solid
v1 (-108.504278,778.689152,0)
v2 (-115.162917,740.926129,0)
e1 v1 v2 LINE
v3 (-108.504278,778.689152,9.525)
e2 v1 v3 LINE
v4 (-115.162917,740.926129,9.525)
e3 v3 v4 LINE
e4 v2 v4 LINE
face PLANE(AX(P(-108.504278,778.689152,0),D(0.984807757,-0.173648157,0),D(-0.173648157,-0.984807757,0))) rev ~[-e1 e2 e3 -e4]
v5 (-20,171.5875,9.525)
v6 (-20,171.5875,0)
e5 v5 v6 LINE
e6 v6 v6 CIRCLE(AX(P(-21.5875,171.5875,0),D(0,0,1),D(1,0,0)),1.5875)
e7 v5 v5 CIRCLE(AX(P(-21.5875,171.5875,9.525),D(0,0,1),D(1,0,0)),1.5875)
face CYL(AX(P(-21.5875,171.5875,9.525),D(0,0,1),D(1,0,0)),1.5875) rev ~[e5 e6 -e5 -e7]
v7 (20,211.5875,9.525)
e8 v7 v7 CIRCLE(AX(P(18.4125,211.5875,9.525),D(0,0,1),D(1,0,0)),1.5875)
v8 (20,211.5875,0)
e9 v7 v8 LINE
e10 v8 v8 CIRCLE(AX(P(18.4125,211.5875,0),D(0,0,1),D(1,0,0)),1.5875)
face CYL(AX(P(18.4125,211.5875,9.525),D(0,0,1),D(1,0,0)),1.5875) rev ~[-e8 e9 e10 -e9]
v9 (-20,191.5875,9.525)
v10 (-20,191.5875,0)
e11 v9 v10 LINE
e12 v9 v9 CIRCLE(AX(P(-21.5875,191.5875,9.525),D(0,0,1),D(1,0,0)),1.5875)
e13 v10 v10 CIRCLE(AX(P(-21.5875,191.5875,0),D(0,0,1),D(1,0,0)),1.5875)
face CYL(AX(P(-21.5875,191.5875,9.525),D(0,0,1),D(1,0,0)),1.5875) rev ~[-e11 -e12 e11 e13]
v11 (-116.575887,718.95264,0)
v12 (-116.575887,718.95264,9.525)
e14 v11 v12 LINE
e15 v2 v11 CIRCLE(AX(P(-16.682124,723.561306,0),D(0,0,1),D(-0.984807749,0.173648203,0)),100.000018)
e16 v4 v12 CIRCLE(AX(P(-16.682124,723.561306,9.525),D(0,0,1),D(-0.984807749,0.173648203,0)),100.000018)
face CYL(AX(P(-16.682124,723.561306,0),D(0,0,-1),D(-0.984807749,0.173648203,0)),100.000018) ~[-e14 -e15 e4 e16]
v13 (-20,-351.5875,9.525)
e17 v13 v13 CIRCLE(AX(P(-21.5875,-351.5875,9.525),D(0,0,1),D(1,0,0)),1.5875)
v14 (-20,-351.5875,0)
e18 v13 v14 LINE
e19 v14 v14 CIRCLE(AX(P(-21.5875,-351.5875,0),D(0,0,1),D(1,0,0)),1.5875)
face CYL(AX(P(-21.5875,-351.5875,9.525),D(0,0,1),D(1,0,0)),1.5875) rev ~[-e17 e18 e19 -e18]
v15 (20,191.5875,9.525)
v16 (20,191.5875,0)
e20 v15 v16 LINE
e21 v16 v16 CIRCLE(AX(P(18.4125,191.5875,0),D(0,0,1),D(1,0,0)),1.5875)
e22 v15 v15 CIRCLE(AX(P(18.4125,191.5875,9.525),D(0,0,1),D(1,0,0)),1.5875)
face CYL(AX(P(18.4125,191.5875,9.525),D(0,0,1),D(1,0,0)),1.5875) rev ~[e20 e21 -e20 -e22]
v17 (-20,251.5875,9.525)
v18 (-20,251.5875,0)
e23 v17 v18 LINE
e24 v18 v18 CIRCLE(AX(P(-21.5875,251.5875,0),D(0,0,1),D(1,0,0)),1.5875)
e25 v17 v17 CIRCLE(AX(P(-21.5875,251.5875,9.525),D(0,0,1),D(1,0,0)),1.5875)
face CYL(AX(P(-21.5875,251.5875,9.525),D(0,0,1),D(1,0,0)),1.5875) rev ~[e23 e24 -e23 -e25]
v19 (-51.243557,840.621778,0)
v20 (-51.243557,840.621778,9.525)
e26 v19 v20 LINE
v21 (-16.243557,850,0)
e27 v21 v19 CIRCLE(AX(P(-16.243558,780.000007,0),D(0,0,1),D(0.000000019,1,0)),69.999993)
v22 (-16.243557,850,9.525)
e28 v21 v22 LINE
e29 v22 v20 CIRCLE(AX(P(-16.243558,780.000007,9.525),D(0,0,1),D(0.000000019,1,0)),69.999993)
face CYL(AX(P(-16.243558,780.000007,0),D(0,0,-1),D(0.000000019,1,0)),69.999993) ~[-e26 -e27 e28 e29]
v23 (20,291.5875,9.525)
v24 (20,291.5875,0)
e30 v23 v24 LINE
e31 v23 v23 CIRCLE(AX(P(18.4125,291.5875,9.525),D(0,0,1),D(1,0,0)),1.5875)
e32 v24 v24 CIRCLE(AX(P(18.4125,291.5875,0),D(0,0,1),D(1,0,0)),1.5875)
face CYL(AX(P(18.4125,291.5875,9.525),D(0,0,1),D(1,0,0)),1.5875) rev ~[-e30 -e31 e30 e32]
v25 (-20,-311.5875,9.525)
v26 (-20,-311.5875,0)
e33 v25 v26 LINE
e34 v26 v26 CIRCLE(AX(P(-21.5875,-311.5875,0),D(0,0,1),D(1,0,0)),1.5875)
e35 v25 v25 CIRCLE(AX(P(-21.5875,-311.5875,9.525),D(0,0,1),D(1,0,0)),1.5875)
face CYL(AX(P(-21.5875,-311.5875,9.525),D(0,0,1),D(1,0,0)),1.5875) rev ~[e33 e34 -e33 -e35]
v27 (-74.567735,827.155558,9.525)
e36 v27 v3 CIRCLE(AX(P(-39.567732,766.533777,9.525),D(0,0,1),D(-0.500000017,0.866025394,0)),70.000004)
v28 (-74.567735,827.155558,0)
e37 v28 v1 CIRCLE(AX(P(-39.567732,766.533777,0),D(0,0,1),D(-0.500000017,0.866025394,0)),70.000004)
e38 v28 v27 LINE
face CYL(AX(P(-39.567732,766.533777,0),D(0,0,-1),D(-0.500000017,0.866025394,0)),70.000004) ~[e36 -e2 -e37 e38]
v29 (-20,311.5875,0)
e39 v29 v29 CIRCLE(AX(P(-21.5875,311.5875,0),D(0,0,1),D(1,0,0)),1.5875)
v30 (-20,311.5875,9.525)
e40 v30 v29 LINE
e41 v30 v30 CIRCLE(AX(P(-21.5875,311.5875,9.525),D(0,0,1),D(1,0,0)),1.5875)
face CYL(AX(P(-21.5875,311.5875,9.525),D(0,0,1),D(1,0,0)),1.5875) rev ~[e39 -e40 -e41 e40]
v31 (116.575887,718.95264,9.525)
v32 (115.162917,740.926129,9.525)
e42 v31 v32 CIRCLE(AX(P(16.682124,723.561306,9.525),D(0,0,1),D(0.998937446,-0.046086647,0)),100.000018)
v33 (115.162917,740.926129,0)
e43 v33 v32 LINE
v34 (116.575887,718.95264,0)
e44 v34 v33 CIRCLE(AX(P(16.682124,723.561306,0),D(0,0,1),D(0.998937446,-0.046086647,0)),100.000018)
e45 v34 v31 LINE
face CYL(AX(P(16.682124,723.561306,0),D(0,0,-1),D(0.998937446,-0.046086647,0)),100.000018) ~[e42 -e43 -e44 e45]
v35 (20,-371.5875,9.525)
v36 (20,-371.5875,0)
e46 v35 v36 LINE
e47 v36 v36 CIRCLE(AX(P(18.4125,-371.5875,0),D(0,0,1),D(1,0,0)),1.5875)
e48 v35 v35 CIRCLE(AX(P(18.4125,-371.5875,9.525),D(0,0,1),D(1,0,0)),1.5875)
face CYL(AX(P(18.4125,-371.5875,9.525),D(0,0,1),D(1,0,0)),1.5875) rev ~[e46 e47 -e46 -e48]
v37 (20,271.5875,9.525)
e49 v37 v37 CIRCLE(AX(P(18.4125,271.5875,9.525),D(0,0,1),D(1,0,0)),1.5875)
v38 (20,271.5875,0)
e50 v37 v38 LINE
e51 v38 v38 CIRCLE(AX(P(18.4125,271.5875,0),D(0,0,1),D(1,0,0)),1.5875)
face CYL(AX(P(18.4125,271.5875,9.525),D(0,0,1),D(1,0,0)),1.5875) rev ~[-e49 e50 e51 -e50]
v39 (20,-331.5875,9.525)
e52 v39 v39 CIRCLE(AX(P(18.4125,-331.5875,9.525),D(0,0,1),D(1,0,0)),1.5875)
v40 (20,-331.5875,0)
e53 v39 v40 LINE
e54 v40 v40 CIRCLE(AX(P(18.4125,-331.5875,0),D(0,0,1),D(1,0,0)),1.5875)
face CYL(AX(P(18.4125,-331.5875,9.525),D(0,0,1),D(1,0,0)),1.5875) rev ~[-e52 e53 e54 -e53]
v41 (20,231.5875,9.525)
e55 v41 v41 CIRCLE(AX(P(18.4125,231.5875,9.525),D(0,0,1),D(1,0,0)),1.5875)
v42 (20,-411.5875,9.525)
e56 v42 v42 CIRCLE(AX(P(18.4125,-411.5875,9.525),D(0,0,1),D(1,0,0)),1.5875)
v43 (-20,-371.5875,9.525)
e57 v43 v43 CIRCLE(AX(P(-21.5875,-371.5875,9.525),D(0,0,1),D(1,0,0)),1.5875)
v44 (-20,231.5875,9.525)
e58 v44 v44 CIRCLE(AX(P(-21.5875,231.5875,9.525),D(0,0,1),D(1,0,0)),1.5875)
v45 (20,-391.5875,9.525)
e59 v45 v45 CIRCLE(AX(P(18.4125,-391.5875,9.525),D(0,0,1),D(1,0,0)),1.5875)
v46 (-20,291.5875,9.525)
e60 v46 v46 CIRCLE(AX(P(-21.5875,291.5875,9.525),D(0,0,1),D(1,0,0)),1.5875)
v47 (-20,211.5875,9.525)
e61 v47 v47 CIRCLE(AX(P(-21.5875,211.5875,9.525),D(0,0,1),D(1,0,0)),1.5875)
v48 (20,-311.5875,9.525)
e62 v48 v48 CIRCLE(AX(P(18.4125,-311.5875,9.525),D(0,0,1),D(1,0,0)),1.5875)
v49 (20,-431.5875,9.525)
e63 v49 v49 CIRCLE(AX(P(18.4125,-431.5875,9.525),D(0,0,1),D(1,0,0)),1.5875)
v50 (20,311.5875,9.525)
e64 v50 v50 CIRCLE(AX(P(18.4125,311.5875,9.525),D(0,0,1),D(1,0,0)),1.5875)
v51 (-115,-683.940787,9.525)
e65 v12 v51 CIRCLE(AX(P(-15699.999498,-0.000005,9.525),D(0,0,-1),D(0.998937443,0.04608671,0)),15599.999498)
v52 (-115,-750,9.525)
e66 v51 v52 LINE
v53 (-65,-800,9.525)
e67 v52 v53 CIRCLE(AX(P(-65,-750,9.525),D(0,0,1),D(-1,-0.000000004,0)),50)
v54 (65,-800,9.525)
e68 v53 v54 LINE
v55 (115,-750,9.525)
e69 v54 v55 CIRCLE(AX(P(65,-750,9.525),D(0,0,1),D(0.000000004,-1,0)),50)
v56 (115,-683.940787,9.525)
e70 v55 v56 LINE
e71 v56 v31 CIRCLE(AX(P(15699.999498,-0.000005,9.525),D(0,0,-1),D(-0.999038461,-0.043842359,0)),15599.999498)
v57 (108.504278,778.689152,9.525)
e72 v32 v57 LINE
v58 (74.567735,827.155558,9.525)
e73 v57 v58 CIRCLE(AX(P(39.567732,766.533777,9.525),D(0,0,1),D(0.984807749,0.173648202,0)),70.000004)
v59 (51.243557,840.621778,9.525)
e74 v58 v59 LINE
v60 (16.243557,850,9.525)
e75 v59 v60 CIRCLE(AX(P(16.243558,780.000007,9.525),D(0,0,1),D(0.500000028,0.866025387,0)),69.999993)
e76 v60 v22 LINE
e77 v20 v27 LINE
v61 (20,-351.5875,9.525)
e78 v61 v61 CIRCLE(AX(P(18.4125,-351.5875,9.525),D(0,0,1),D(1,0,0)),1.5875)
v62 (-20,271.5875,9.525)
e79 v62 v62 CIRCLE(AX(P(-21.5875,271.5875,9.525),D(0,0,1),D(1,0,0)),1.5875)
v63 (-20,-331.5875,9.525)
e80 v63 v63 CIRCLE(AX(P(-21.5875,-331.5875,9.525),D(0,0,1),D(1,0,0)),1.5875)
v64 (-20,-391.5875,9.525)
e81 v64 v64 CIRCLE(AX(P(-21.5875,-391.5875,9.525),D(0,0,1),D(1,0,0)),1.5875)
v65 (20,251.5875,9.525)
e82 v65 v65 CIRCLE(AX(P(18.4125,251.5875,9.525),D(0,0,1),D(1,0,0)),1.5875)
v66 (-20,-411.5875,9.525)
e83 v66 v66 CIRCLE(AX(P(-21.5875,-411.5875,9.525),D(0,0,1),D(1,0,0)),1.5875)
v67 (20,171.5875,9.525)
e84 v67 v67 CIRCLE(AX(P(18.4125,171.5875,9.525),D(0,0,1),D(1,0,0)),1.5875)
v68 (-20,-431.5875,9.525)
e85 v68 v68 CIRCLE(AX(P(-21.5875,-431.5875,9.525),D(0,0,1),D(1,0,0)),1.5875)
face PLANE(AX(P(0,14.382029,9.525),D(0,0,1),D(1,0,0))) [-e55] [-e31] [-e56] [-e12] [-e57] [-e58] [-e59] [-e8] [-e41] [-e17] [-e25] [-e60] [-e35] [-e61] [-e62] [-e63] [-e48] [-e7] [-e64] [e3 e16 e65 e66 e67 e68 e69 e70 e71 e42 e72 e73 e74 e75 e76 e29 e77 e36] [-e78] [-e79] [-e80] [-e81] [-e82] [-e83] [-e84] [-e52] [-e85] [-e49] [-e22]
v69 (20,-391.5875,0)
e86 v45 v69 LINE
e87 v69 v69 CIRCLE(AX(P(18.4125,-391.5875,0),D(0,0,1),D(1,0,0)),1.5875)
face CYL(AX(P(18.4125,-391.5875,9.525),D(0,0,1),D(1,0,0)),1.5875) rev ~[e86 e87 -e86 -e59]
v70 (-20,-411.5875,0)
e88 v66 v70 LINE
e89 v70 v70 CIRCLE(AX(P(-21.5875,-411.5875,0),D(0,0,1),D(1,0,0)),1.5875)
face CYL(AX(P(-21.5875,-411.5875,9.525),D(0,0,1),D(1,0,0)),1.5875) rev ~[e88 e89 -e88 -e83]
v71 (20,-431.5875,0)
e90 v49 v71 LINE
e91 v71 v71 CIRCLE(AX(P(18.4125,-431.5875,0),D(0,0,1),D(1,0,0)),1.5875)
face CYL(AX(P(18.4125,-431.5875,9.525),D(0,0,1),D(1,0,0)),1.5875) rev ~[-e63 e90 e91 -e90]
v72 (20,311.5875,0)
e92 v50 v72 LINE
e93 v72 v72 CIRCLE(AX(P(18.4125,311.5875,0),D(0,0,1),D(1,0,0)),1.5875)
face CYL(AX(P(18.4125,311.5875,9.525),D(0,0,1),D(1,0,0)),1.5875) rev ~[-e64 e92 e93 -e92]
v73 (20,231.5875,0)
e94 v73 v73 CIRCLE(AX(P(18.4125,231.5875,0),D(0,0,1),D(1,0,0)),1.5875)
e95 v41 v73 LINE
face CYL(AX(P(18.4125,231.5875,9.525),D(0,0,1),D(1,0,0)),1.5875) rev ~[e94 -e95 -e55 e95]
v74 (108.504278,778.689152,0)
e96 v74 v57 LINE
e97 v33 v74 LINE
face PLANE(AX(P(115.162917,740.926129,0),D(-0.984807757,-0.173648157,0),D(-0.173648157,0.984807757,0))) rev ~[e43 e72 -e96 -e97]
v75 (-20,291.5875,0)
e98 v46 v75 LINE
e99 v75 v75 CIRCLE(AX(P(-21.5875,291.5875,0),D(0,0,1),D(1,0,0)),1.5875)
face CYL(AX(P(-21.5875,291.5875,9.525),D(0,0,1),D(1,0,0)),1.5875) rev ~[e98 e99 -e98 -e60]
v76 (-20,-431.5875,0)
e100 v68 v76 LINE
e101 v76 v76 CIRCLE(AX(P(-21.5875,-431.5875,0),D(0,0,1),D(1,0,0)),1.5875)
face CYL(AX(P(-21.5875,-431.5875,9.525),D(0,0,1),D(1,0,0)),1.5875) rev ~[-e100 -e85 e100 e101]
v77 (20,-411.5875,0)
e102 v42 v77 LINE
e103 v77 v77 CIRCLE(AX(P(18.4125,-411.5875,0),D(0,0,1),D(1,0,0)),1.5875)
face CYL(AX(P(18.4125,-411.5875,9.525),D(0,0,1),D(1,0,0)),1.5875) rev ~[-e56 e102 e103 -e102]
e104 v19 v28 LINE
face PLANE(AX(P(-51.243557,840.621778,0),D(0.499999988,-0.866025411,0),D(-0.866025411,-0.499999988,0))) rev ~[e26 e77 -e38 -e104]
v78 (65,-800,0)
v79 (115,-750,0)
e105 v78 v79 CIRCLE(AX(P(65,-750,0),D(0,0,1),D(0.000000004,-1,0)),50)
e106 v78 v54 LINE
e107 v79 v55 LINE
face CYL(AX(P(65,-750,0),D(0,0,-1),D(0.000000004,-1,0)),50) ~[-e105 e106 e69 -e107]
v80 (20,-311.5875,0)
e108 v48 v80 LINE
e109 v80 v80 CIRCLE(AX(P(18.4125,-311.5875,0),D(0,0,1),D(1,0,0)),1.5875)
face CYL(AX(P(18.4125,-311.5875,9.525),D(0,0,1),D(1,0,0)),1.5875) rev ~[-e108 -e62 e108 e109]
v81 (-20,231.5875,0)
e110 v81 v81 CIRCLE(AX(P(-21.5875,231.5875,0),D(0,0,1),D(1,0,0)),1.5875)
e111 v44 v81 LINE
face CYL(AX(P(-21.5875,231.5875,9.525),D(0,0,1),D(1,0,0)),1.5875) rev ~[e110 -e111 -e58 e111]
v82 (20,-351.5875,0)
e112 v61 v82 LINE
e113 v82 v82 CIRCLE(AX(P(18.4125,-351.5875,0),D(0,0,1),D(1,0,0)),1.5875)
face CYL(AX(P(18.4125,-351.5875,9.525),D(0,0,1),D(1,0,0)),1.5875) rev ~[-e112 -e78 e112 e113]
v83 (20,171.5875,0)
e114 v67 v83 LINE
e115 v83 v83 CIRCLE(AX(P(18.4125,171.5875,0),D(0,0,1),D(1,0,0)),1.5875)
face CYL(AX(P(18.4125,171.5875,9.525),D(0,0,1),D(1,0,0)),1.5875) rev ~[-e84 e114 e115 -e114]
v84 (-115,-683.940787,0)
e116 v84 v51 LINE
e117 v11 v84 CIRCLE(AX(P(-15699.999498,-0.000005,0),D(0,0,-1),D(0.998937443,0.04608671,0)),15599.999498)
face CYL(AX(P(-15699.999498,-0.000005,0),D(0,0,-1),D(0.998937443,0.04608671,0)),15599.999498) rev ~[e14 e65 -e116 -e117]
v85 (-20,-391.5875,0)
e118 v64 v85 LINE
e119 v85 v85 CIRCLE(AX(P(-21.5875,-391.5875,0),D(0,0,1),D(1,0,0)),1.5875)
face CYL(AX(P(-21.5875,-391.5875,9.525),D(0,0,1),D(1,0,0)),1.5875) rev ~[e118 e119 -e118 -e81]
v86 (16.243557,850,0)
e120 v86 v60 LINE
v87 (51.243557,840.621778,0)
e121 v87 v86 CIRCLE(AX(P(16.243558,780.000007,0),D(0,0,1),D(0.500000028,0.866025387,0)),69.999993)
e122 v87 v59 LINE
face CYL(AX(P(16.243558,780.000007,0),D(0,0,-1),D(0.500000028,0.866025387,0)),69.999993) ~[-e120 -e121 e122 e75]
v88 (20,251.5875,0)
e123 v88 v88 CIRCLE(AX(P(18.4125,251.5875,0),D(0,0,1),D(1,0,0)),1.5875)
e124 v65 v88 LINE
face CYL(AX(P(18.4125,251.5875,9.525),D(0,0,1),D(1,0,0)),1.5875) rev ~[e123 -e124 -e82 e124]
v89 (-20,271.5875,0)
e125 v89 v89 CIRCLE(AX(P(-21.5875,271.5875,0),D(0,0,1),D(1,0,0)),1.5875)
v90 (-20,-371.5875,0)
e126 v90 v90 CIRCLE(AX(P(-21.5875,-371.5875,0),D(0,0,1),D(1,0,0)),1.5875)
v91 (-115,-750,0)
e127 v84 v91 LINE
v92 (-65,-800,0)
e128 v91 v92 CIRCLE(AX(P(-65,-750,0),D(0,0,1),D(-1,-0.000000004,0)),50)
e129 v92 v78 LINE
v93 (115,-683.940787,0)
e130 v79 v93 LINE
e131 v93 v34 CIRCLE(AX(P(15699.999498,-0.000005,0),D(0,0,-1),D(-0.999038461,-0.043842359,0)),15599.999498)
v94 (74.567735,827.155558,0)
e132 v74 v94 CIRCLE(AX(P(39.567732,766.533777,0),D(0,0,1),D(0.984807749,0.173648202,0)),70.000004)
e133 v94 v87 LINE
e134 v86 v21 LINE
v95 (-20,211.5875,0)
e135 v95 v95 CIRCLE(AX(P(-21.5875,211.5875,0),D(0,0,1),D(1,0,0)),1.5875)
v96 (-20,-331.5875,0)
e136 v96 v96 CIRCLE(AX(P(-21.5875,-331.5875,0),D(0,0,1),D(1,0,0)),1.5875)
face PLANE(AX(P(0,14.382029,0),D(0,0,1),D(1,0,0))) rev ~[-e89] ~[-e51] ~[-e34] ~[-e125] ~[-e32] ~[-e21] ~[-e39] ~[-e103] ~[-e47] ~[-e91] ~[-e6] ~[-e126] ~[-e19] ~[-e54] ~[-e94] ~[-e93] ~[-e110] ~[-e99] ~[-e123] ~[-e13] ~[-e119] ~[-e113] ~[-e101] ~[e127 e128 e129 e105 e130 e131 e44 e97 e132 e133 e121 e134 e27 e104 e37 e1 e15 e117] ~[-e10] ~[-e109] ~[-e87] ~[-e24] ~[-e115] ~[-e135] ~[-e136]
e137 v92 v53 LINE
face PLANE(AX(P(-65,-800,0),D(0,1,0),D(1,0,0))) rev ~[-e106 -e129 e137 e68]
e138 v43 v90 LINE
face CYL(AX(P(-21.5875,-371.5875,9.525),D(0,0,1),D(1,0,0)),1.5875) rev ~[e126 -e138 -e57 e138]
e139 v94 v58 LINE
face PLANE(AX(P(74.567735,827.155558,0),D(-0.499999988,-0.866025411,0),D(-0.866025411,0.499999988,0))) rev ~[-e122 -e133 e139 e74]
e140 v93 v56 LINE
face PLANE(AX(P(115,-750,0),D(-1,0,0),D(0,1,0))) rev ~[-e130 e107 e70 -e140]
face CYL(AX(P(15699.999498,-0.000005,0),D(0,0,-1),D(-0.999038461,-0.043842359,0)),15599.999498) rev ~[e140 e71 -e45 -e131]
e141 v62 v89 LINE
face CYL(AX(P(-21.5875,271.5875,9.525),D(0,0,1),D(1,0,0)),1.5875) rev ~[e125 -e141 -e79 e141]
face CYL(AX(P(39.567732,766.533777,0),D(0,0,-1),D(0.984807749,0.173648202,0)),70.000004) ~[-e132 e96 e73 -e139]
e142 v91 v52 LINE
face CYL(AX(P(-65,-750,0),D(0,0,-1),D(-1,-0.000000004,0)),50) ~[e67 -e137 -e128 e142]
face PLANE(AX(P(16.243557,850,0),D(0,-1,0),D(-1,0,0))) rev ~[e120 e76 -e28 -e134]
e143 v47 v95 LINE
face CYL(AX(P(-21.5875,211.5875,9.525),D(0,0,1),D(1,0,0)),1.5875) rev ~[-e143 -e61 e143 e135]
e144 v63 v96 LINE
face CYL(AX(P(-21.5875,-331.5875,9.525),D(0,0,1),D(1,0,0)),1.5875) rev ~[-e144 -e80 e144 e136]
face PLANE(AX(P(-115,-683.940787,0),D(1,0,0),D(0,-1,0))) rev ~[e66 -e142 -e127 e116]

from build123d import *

# Parameters (mm, degrees)
F2_DEPTH = 9.525
F3_R     = 1.5875
F4_DEPTH = 9.525


with BuildPart() as f2:
    # F1 (on Top) → F2 (new body)
    with BuildSketch(Plane.XY):
        with BuildLine():
            ThreePointArc((-116.575887, 718.95264), (-100.009842, 17.52365), (-115, -683.940787))
            Line((-115, -683.940787), (-115, -750))
            ThreePointArc((-115, -750), (-100.355339, -785.355339), (-65, -800))
            Line((-65, -800), (0, -800))
            Line((0, -800), (65, -800))
            ThreePointArc((65, -800), (100.355339, -785.355339), (115, -750))
            Line((115, -750), (115, -683.940787))
            ThreePointArc((115, -683.940787), (100.009842, 17.52365), (116.575887, 718.95264))
            ThreePointArc((116.575887, 718.95264), (116.476035, 729.978393), (115.162917, 740.926129))
            Line((115.162917, 740.926129), (108.504278, 778.689152))
            ThreePointArc((108.504278, 778.689152), (96.908378, 806.68413), (74.567735, 827.155558))
            Line((74.567735, 827.155558), (51.243557, 840.621778))
            ThreePointArc((51.243557, 840.621778), (34.36089, 847.614808), (16.243557, 850))
            Line((16.243557, 850), (0, 850))
            Line((0, 850), (-16.243557, 850))
            ThreePointArc((-16.243557, 850), (-34.36089, 847.614808), (-51.243557, 840.621778))
            Line((-51.243557, 840.621778), (-74.567735, 827.155558))
            ThreePointArc((-74.567735, 827.155558), (-96.908378, 806.68413), (-108.504278, 778.689152))
            Line((-108.504278, 778.689152), (-115.162917, 740.926129))
            ThreePointArc((-115.162917, 740.926129), (-116.476035, 729.978393), (-116.575887, 718.95264))
        make_face()
    extrude(amount=F2_DEPTH)

    # F3 (on face) → F4 (cut, through all)
    with BuildSketch(Plane.XY.offset(9.525)):
        with Locations((-21.5875, 171.5875)):
            Circle(F3_R)
        with Locations((-21.5875, 191.5875)):
            Circle(F3_R)
        with Locations((-21.5875, 211.5875)):
            Circle(F3_R)
        with Locations((-21.5875, 231.5875)):
            Circle(F3_R)
        with Locations((-21.5875, 251.5875)):
            Circle(F3_R)
        with Locations((-21.5875, 271.5875)):
            Circle(F3_R)
        with Locations((-21.5875, 291.5875)):
            Circle(F3_R)
        with Locations((-21.5875, 311.5875)):
            Circle(F3_R)
        with Locations((18.4125, 171.5875)):
            Circle(F3_R)
        with Locations((18.4125, 191.5875)):
            Circle(F3_R)
        with Locations((18.4125, 211.5875)):
            Circle(F3_R)
        with Locations((18.4125, 231.5875)):
            Circle(F3_R)
        with Locations((18.4125, 251.5875)):
            Circle(F3_R)
        with Locations((18.4125, 271.5875)):
            Circle(F3_R)
        with Locations((18.4125, 291.5875)):
            Circle(F3_R)
        with Locations((18.4125, 311.5875)):
            Circle(F3_R)
        with Locations((-21.5875, -311.5875)):
            Circle(F3_R)
        with Locations((18.4125, -431.5875)):
            Circle(F3_R)
        with Locations((18.4125, -371.5875)):
            Circle(F3_R)
        with Locations((-21.5875, -331.5875)):
            Circle(F3_R)
        with Locations((-21.5875, -371.5875)):
            Circle(F3_R)
        with Locations((-21.5875, -431.5875)):
            Circle(F3_R)
        with Locations((18.4125, -331.5875)):
            Circle(F3_R)
        with Locations((-21.5875, -351.5875)):
            Circle(F3_R)
        with Locations((18.4125, -411.5875)):
            Circle(F3_R)
        with Locations((-21.5875, -411.5875)):
            Circle(F3_R)
        with Locations((-21.5875, -391.5875)):
            Circle(F3_R)
        with Locations((18.4125, -391.5875)):
            Circle(F3_R)
        with Locations((18.4125, -351.5875)):
            Circle(F3_R)
        with Locations((18.4125, -311.5875)):
            Circle(F3_R)
    extrude(amount=-F4_DEPTH, mode=Mode.SUBTRACT)


solid = f2.part
